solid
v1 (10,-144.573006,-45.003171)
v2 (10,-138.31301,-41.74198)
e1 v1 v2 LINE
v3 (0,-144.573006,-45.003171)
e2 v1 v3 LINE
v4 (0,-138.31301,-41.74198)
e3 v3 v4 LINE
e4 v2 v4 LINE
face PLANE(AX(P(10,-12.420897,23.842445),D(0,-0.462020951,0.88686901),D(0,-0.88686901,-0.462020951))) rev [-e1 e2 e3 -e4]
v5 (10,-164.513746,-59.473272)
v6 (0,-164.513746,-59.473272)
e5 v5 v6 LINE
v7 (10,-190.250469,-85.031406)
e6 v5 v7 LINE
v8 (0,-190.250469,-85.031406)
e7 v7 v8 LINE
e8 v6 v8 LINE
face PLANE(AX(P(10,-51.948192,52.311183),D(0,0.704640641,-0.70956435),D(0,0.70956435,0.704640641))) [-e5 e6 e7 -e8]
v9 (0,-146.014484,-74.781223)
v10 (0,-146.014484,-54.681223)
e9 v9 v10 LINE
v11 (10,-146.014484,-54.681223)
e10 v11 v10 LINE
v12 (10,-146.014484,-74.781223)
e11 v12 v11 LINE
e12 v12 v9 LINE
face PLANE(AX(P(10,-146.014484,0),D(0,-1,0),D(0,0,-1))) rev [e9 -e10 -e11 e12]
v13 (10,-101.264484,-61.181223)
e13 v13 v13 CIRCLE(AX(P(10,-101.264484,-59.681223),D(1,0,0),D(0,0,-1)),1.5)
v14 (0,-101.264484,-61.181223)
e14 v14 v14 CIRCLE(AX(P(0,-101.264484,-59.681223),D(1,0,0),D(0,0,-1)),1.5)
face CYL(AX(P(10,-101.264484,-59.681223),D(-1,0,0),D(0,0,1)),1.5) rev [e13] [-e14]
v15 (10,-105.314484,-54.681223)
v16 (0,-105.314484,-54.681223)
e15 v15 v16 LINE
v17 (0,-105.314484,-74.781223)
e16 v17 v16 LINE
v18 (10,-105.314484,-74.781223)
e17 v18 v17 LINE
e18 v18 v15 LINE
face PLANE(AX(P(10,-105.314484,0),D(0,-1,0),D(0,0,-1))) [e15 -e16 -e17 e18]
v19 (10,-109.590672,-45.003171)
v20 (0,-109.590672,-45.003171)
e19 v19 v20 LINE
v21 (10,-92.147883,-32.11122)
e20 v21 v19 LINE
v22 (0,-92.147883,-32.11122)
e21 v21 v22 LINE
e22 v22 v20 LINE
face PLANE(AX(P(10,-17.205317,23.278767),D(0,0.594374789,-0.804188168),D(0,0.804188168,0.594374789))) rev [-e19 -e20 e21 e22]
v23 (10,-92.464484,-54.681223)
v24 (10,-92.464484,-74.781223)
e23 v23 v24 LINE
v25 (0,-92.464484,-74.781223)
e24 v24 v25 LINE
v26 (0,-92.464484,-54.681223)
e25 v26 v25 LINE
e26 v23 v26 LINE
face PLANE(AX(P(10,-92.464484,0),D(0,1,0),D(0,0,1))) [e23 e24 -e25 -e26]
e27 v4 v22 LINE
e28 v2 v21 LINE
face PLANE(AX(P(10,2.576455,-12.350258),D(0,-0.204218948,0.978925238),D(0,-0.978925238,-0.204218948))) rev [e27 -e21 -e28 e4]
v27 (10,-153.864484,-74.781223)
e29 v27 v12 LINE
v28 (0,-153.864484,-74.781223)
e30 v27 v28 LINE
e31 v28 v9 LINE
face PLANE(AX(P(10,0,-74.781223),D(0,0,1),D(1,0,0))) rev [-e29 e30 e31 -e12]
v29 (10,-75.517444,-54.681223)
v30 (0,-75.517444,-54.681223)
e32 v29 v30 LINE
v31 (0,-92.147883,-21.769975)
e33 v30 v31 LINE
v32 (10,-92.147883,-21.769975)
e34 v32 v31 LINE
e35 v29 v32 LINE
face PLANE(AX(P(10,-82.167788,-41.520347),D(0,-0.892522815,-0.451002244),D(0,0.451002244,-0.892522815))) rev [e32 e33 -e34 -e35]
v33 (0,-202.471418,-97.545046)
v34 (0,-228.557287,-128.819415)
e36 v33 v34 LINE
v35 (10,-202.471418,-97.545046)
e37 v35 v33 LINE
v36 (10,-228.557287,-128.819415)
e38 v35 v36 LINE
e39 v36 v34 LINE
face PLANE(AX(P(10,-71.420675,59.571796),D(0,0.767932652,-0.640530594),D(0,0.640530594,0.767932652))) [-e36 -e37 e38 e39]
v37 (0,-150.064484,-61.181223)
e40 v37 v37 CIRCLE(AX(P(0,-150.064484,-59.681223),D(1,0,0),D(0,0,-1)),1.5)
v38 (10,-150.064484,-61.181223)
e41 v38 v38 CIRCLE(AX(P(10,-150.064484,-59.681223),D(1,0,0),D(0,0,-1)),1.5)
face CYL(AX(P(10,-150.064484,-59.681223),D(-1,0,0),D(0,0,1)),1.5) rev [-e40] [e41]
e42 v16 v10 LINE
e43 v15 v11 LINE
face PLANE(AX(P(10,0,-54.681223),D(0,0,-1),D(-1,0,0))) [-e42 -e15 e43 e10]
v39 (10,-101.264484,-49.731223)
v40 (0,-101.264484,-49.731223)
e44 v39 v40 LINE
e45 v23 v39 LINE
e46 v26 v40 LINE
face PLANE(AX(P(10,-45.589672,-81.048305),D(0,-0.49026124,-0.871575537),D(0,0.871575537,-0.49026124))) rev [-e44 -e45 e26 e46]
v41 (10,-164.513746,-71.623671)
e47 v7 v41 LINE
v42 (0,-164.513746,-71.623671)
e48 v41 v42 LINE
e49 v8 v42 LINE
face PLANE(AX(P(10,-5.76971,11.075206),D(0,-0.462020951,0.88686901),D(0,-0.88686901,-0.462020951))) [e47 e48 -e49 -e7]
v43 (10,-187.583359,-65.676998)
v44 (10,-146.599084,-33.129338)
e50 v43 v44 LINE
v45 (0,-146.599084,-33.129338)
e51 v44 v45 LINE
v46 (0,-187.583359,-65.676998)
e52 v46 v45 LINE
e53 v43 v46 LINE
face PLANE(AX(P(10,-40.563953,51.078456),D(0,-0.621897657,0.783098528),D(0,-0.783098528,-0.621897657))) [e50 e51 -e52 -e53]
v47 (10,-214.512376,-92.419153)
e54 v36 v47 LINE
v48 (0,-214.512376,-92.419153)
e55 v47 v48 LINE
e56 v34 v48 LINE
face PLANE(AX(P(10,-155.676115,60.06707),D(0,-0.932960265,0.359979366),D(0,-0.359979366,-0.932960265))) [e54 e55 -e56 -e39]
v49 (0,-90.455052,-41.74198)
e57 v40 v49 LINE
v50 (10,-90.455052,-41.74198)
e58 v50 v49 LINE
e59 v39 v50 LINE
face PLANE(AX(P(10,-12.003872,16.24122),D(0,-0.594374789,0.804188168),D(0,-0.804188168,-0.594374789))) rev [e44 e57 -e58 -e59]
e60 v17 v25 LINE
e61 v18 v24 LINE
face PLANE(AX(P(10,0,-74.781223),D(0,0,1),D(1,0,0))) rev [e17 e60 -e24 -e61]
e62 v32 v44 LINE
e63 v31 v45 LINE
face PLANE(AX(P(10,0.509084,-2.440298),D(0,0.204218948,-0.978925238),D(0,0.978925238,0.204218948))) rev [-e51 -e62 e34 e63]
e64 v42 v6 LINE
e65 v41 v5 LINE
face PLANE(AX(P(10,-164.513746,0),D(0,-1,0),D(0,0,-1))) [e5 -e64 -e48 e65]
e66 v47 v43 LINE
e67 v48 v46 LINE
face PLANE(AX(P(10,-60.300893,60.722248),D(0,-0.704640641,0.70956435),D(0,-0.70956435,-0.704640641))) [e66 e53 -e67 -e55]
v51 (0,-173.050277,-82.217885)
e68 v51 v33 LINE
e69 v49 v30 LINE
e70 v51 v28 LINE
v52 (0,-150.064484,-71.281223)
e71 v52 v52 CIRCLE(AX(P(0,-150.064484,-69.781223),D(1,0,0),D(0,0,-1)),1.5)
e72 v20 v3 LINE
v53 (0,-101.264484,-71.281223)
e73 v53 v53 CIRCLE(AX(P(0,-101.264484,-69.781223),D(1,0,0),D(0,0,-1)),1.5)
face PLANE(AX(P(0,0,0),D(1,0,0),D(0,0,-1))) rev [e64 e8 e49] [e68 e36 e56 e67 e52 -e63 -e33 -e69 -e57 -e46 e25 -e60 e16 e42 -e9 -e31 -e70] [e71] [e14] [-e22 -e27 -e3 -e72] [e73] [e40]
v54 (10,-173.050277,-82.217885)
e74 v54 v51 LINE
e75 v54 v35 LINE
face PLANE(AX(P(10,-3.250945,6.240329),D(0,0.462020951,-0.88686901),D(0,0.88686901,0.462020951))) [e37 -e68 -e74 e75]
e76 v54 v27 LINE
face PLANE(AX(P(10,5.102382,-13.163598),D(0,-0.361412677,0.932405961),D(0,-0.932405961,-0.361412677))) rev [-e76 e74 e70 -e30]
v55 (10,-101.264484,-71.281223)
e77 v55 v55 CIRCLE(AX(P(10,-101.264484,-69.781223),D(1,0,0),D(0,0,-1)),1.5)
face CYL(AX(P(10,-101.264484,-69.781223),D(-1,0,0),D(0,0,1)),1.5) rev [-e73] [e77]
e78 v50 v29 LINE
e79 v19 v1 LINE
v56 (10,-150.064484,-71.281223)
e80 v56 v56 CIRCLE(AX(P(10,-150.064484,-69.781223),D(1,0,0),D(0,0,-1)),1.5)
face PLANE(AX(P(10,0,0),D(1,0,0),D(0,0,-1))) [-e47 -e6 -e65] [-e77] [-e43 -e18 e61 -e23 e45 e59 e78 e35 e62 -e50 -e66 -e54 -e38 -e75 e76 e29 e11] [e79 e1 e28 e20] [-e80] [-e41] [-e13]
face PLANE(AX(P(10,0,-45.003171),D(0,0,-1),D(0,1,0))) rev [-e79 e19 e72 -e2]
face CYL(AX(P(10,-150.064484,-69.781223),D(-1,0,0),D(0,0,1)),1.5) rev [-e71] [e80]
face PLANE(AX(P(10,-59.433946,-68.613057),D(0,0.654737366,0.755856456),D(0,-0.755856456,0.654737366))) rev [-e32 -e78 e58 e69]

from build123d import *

# Parameters (mm, degrees)
SKETCH_7_R      = 1.5
EXTRUDE_2_DEPTH = 10


with BuildPart() as part:
    # 草图7 → 凸台-拉伸2 (new body)
    with BuildSketch(Plane(origin=(0, 0, 0), x_dir=(0, 0, -1), z_dir=(1, 0, 0))):
        Polygon((74.781222648, -105.314484454), (54.681222648, -105.314484454), (54.681222648, -146.014484454), (74.781222648, -146.014484454), (74.781222648, -153.864484454), (82.217885242, -173.050276706), (97.545045534, -202.471417533), (128.819415354, -228.557286652), (92.419152856, -214.512376165), (65.67699801, -187.583359255), (33.129337627, -146.599083723), (27.518646132, -119.704186977), (21.769974855, -92.147882993), (54.681222648, -75.517443579), (41.74198, -90.455051539), (49.731222648, -101.264484454), (54.681222648, -92.464484454), (65.67699801, -92.464484454), (74.781222648, -92.464484454), align=None)
        with Locations((69.781222648, -150.064484454)):
            Circle(SKETCH_7_R, mode=Mode.SUBTRACT)
        with Locations((59.681222648, -150.064484454)):
            Circle(SKETCH_7_R, mode=Mode.SUBTRACT)
        with Locations((69.781222648, -101.264484454)):
            Circle(SKETCH_7_R, mode=Mode.SUBTRACT)
        with Locations((59.681222648, -101.264484454)):
            Circle(SKETCH_7_R, mode=Mode.SUBTRACT)
        Polygon((85.031406178, -190.25046896), (71.623670801, -164.51374649), (59.47327237, -164.51374649), align=None, mode=Mode.SUBTRACT)
        Polygon((45.003171043, -144.573005818), (41.74198, -138.313009895), (32.111220405, -92.147882993), (45.003171043, -109.590672216), align=None, mode=Mode.SUBTRACT)
    extrude(amount=EXTRUDE_2_DEPTH)


solid = part.part
